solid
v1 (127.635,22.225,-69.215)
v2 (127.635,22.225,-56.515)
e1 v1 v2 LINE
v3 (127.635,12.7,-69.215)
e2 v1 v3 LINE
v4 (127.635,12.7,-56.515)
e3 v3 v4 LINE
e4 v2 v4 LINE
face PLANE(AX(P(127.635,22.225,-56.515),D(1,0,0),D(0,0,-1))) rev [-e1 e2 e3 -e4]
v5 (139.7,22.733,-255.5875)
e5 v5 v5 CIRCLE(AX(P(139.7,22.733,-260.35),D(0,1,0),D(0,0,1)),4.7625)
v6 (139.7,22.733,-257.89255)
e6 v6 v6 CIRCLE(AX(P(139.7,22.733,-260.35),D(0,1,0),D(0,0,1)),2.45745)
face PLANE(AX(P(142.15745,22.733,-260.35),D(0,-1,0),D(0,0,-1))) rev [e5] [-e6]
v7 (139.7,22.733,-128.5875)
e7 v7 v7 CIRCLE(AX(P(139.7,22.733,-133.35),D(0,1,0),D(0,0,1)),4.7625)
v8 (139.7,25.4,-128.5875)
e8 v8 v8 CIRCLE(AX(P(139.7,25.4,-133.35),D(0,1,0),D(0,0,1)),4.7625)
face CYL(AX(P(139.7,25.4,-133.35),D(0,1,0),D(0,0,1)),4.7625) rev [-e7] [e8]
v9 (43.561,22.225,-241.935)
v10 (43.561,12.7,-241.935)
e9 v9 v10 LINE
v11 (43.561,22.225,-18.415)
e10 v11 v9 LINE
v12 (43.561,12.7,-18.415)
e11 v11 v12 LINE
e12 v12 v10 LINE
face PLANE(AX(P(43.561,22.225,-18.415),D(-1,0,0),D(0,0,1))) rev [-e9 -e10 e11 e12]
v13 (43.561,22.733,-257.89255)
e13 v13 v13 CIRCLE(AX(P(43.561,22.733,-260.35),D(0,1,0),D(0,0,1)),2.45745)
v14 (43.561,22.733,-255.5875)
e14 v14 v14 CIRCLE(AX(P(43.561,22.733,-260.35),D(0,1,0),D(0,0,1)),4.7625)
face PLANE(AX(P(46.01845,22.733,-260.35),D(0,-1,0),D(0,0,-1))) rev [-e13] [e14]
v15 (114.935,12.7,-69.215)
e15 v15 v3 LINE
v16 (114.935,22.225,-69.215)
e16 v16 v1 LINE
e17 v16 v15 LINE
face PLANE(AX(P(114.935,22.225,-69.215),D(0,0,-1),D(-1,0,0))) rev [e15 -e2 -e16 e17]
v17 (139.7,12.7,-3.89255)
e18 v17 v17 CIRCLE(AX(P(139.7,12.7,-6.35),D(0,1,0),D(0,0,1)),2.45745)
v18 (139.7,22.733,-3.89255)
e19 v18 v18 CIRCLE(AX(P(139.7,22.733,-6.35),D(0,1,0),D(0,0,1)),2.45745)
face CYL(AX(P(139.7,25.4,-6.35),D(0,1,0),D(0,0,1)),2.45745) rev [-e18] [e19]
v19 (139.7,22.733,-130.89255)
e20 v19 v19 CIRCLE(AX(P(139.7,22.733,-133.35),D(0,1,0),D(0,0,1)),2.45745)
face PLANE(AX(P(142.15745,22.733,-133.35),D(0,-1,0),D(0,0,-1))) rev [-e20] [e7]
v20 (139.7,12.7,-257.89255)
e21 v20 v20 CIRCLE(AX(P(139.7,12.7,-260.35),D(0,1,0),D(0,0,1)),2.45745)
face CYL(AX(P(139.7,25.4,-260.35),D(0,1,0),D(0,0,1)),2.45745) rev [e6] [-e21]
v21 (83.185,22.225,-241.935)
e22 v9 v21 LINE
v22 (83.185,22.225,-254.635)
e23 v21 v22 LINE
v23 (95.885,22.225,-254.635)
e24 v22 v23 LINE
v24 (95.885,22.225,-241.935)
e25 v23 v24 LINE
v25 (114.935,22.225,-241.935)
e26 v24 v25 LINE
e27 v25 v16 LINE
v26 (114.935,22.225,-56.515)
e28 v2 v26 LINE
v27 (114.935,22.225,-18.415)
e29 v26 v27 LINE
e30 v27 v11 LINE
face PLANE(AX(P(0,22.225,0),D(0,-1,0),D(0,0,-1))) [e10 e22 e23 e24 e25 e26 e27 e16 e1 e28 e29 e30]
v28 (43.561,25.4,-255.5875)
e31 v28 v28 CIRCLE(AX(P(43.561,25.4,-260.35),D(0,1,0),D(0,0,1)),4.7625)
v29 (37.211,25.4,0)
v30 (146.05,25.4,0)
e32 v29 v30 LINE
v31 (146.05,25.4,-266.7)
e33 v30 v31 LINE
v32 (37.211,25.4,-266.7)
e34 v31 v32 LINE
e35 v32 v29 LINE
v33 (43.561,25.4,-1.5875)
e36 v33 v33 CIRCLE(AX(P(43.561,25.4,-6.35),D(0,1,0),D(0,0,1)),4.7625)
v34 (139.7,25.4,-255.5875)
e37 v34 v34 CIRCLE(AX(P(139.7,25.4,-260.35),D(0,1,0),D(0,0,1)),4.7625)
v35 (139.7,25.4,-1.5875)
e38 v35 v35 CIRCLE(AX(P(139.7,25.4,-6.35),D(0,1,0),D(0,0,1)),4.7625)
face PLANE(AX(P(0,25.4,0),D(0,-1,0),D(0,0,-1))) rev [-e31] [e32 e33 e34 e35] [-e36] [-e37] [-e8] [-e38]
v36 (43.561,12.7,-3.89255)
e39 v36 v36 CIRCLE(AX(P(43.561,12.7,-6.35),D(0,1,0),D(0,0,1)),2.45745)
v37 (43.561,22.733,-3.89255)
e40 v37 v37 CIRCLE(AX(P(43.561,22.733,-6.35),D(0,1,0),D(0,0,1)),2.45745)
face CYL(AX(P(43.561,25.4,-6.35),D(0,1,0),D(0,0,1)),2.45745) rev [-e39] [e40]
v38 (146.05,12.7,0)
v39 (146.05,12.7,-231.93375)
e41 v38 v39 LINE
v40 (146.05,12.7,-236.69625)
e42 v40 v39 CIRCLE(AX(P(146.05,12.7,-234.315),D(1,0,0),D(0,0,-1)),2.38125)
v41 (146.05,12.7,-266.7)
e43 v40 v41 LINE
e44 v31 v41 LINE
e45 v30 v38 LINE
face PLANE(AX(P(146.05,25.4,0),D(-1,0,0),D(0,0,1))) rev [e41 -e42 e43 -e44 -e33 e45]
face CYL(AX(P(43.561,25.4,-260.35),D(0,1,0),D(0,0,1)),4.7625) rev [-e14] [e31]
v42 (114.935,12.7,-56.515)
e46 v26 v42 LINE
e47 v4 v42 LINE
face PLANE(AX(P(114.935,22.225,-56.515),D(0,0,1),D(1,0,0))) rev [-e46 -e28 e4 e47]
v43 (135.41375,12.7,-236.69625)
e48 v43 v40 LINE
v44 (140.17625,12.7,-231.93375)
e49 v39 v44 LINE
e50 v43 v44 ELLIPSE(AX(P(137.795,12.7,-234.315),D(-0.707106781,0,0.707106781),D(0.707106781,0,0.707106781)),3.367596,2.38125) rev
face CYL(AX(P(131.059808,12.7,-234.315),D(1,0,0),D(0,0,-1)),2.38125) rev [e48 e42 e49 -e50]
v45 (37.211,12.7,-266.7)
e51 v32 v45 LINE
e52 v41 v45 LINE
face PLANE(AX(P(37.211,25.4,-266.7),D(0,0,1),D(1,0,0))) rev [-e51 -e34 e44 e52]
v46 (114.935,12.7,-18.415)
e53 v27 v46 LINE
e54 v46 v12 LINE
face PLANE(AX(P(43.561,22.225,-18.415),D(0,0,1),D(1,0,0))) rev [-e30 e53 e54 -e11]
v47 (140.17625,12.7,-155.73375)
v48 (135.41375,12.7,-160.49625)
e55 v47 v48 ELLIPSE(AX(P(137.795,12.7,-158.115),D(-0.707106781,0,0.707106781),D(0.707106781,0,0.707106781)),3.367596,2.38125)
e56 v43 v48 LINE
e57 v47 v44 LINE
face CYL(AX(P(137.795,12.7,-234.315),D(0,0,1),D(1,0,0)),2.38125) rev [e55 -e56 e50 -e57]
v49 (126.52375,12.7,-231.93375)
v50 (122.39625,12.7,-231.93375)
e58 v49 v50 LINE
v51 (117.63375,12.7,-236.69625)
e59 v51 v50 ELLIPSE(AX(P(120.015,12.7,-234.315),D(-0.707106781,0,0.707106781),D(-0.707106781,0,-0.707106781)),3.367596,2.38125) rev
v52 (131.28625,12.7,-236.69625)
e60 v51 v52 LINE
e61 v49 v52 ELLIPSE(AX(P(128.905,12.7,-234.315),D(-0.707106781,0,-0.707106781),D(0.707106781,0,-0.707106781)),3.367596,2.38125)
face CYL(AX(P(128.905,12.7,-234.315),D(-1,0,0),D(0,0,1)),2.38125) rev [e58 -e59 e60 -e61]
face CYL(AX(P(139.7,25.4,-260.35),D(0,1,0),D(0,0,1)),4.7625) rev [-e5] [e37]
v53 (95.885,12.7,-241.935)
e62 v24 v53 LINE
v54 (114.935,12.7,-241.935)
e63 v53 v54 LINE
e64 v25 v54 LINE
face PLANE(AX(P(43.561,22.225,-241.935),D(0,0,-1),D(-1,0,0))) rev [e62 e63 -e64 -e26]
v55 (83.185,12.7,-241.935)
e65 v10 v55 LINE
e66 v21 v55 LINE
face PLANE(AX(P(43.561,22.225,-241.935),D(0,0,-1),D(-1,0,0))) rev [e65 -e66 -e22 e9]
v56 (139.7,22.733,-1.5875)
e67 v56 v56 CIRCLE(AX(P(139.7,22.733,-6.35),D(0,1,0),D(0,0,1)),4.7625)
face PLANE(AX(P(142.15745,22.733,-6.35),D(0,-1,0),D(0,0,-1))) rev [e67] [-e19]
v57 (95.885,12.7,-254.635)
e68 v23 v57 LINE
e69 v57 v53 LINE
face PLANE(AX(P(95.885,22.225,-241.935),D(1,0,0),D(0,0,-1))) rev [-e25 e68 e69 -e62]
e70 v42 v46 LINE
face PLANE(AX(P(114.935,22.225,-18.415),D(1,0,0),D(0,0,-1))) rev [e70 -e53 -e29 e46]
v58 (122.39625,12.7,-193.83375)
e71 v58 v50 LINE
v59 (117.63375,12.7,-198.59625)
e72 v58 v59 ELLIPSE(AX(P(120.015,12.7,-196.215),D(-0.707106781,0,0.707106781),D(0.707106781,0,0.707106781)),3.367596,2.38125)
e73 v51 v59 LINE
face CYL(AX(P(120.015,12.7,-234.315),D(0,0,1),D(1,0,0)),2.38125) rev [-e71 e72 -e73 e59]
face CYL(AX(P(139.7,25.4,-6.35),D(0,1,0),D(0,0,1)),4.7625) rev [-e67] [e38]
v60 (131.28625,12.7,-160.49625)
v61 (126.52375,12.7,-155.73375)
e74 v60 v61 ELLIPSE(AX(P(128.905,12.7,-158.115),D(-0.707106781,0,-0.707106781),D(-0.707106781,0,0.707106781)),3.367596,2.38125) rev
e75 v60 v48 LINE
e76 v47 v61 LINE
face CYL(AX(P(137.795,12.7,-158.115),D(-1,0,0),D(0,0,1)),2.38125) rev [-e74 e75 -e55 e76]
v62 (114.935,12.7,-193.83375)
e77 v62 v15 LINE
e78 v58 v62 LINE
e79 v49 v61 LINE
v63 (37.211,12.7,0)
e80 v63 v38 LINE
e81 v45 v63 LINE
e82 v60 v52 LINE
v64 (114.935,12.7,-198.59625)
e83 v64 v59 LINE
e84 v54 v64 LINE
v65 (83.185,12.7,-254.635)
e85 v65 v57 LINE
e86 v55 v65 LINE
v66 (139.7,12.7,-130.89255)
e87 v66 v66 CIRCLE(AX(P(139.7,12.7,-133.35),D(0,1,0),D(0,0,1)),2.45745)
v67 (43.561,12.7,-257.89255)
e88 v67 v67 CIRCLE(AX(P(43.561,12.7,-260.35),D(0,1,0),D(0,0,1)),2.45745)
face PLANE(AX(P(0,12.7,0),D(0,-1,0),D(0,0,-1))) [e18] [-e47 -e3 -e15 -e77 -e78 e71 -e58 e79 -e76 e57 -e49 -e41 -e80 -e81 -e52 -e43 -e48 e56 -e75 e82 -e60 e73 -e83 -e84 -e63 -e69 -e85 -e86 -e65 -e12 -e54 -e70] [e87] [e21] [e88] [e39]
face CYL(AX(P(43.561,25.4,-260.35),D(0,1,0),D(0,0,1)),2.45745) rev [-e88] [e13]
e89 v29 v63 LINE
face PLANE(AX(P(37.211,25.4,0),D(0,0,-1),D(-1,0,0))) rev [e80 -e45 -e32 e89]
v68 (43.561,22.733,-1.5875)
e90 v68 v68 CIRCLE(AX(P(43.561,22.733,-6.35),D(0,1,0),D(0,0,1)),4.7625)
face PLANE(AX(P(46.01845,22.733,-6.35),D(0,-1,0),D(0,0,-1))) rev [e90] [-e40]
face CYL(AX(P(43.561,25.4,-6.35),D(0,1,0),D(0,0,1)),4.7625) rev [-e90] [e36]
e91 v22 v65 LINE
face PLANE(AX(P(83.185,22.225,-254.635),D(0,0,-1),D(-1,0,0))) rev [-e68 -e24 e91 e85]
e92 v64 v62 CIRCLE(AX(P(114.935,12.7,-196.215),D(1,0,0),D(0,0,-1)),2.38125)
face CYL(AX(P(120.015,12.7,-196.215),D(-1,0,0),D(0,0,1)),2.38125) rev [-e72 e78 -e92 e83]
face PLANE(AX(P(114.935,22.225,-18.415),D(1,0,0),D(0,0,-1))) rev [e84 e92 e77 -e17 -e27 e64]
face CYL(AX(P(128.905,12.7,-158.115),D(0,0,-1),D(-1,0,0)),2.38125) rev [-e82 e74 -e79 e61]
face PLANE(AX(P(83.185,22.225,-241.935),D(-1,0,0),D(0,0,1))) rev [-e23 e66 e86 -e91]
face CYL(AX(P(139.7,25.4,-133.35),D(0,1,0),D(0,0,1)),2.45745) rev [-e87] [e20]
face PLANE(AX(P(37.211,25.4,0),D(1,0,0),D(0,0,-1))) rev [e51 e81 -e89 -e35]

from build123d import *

# Parameters (mm, degrees)
BOSS_EXTRUDE1_START                                 = 12.7
SKETCH1_W                                           = 108.839
SKETCH1_H                                           = 266.7
BOSS_EXTRUDE1_DEPTH                                 = 12.7
CBORE_FOR_8_BINDING_HEAD_MACHINE_SCREW1_D           = 4.9149
CBORE_FOR_8_BINDING_HEAD_MACHINE_SCREW1_CBORE_D     = 9.525
CBORE_FOR_8_BINDING_HEAD_MACHINE_SCREW1_CBORE_DEPTH = 2.667
SKETCH4_W                                           = 71.374
SKETCH4_H                                           = 223.52
CUT_EXTRUDE1_DEPTH                                  = 9.525
SKETCH6_R                                           = 2.38125
SKETCH8_W                                           = 12.7
SKETCH8_H                                           = 12.7
CUT_EXTRUDE3_DEPTH                                  = 9.525


with BuildPart() as part:
    # Sketch1 → Boss-Extrude1 (new body)
    with BuildSketch(Plane(origin=(0, 0, 0), x_dir=(1, 0, 0), z_dir=(0, 1, 0)).offset(BOSS_EXTRUDE1_START)):
        with Locations((91.6305, 133.35)):
            Rectangle(SKETCH1_W, SKETCH1_H)
    extrude(amount=BOSS_EXTRUDE1_DEPTH)

    # CBORE for #8 Binding Head Machine Screw1 (through all)
    with Locations(Plane(origin=(0, 25.4, 0), x_dir=(1, 0, 0), z_dir=(0, 1, 0))):
        with Locations((139.7, 6.35), (139.7, 260.35), (43.561, 6.35), (43.561, 260.35), (139.7, 133.35)):
            CounterBoreHole(CBORE_FOR_8_BINDING_HEAD_MACHINE_SCREW1_D / 2, CBORE_FOR_8_BINDING_HEAD_MACHINE_SCREW1_CBORE_D / 2, CBORE_FOR_8_BINDING_HEAD_MACHINE_SCREW1_CBORE_DEPTH)

    # Sketch4 → Cut-Extrude1 (cut)
    with BuildSketch(Plane(origin=(0, 12.7, 0), x_dir=(-1, 0, 0), z_dir=(0, -1, 0))):
        with Locations((-79.248, 130.175)):
            Rectangle(SKETCH4_W, SKETCH4_H)
    extrude(amount=-CUT_EXTRUDE1_DEPTH, mode=Mode.SUBTRACT)

    # Cut-Sweep1: sweep along a path in Sketch5
    with BuildLine(Plane.XZ.offset(-12.7)) as cut_sweep1_path:
        Line((114.935, -196.215), (120.015, -196.215))
        Line((120.015, -196.215), (120.015, -234.315))
        Line((120.015, -234.315), (128.905, -234.315))
        Line((128.905, -234.315), (128.905, -158.115))
        Line((128.905, -158.115), (137.795, -158.115))
        Line((137.795, -158.115), (137.795, -234.315))
        Line((137.795, -234.315), (146.05, -234.315))
    # Sketch6 → Cut-Sweep1 (sweep, cut)
    with BuildSketch(Plane(origin=(146.05, 0, 0), x_dir=(0, 0, -1), z_dir=(1, 0, 0))):
        with Locations((234.315, 12.7)):
            Circle(SKETCH6_R)
    sweep(path=cut_sweep1_path.line, transition=Transition.RIGHT, mode=Mode.SUBTRACT)

    # Sketch8 → Cut-Extrude3 (cut)
    with BuildSketch(Plane.XZ.offset(-12.7)):
        with Locations((121.285, -62.865)):
            Rectangle(SKETCH8_W, SKETCH8_H)
        with Locations((89.535, -248.285)):
            Rectangle(SKETCH8_W, SKETCH8_H)
    extrude(amount=-CUT_EXTRUDE3_DEPTH, mode=Mode.SUBTRACT)


solid = part.part
